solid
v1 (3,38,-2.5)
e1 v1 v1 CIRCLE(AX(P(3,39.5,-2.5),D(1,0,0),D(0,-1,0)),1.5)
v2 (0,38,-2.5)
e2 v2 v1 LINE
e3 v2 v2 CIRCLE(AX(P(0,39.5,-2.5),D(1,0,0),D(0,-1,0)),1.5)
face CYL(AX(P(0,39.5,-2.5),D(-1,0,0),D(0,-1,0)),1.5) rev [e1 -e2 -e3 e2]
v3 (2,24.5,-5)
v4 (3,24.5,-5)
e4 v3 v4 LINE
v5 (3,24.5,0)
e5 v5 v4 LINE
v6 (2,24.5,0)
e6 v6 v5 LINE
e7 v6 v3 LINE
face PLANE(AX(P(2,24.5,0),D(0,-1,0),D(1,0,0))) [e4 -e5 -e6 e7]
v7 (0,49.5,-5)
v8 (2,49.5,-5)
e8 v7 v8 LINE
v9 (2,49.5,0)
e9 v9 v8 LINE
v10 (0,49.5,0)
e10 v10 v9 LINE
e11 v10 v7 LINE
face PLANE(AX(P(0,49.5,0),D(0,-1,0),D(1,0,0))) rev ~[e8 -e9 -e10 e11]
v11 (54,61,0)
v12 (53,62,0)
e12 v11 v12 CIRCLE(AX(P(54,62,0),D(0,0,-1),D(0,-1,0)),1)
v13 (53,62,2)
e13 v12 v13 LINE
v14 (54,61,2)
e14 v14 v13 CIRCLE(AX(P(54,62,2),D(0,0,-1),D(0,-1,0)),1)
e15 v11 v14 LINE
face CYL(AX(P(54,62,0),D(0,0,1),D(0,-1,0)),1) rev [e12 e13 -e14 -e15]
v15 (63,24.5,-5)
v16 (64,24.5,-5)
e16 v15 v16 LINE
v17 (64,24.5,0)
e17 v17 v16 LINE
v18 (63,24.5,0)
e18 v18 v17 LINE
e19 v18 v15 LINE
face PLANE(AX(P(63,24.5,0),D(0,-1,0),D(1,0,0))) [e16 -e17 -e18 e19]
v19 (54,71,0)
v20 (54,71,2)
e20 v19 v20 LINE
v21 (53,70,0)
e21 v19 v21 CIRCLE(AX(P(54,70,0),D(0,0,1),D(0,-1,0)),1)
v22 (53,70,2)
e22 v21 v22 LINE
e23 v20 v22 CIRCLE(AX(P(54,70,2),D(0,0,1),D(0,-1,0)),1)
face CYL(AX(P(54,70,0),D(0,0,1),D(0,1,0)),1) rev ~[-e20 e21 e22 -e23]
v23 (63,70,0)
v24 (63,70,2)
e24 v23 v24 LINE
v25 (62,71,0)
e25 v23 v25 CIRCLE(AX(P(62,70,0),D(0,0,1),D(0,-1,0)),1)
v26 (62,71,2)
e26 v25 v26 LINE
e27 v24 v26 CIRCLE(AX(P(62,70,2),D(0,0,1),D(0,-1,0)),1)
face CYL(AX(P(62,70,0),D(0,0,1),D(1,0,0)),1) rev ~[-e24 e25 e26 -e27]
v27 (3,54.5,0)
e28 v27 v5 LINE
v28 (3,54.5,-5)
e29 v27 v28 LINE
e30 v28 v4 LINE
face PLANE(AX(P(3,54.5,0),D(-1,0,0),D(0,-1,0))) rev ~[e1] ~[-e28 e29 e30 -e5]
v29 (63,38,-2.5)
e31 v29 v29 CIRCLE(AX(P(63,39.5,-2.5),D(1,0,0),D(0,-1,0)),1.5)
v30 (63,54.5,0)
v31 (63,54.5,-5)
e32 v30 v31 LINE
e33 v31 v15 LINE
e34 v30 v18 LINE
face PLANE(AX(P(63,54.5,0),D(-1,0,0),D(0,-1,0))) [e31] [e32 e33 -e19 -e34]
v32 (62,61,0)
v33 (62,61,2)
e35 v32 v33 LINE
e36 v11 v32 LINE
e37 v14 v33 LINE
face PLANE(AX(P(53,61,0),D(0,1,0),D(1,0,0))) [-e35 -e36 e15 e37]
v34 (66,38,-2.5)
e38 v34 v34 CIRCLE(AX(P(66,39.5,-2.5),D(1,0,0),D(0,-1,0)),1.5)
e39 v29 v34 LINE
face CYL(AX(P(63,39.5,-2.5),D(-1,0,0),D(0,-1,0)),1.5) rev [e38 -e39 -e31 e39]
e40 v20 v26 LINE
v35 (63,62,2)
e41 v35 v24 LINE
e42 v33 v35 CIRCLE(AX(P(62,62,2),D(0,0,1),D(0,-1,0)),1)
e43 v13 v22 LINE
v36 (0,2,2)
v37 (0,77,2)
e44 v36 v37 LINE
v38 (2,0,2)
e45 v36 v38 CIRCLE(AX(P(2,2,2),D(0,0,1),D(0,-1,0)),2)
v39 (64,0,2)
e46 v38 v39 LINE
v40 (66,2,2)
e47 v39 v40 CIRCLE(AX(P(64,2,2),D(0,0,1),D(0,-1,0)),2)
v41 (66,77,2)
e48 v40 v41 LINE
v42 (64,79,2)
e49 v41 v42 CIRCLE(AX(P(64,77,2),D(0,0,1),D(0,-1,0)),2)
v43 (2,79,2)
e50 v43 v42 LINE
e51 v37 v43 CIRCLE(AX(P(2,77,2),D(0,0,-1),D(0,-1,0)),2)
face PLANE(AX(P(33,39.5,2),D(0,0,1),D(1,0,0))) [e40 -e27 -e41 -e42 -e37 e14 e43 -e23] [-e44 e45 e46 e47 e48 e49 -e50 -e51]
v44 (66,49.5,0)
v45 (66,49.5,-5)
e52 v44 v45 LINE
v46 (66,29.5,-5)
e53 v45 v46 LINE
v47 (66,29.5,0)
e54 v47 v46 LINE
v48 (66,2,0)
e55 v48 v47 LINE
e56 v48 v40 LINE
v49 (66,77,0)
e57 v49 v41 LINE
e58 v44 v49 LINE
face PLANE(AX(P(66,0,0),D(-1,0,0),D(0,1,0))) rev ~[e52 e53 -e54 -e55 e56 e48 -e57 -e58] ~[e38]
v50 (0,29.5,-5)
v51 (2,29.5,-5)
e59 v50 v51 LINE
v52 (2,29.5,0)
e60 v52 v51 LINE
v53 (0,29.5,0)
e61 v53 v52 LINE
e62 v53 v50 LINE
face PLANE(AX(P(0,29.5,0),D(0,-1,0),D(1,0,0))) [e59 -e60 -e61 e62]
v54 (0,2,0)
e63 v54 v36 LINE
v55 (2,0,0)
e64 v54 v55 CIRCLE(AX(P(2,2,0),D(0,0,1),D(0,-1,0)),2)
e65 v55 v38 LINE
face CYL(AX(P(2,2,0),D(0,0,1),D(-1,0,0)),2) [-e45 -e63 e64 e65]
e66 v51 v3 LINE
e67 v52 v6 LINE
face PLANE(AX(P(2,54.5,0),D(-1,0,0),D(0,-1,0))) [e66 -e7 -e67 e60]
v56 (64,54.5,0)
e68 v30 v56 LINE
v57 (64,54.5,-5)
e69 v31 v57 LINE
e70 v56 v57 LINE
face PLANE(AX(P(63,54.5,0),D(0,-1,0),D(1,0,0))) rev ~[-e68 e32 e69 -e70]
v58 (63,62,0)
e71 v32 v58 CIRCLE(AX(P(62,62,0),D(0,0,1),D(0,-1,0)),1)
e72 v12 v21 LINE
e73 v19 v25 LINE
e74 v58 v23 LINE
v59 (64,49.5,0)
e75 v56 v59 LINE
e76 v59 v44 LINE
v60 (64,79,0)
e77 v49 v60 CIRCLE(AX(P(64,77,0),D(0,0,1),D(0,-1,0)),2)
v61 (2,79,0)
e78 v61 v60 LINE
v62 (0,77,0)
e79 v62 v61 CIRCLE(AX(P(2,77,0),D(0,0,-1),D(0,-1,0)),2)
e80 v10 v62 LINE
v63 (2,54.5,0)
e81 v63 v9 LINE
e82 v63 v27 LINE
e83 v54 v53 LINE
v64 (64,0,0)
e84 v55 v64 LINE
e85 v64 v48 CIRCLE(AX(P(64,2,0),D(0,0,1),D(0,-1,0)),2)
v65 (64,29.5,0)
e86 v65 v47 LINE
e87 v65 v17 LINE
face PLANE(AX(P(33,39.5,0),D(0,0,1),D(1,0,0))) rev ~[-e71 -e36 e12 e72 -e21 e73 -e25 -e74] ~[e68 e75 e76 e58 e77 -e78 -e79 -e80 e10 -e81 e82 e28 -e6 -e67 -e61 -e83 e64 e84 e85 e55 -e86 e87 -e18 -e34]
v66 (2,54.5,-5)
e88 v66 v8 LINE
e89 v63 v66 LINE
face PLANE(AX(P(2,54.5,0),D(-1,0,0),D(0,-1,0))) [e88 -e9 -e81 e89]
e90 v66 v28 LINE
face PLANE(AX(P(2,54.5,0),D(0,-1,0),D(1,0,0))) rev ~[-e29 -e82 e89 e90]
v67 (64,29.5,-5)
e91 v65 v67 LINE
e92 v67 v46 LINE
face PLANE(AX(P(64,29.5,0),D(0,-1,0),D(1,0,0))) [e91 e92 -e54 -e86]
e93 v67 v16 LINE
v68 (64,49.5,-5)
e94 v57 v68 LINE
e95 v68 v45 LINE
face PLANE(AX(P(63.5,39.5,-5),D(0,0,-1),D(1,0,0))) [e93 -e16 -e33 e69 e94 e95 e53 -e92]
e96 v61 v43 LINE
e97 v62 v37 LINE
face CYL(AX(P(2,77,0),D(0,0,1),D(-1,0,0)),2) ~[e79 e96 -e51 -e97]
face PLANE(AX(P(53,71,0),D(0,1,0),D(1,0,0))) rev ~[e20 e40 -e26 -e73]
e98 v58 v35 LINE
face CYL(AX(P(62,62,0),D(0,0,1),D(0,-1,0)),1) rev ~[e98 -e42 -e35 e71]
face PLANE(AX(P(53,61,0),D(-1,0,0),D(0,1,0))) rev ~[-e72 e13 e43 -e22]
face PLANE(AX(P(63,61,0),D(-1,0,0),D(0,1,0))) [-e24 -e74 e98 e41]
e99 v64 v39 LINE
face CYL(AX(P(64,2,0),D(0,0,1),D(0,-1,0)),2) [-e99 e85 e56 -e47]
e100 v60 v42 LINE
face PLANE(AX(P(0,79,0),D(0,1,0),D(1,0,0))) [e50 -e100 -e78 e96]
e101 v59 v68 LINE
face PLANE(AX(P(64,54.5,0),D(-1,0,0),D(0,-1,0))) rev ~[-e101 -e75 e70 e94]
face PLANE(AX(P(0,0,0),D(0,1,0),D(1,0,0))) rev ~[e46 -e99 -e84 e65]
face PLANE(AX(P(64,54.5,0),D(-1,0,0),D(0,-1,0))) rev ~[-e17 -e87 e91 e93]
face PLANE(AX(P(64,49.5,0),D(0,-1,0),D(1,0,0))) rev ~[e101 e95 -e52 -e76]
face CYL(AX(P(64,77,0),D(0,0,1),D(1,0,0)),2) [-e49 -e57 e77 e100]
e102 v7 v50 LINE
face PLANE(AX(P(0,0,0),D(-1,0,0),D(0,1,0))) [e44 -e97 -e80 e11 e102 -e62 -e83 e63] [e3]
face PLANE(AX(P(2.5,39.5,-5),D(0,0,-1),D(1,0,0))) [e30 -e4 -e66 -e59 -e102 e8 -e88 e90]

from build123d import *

# Parameters (mm, degrees)
BOX_W                  = 66
BOX_H                  = 79
BOX_DEPTH              = 2
FILLET_R               = 2
BOX001_W               = 10
BOX001_H               = 10
BOX001_DEPTH           = 2
FILLET001_R            = 1
BOX002_W               = 2
BOX002_H               = 20
BOX002_DEPTH           = 5
LINEARPATTERN_COUNT    = 2
LINEARPATTERN_PITCH    = 64
BOX003_W               = 1
BOX003_H               = 30
BOX003_DEPTH           = 5
LINEARPATTERN001_COUNT = 2
LINEARPATTERN001_PITCH = 61
CYLINDER_R             = 1.5
CYLINDER_DEPTH         = 3
LINEARPATTERN002_COUNT = 2
LINEARPATTERN002_PITCH = 63


with BuildPart() as part:
    # Box → Box (join)
    with BuildSketch(Plane.XY):
        with Locations((33, 39.5)):
            Rectangle(BOX_W, BOX_H)
    extrude(amount=BOX_DEPTH)

    # Fillet
    fillet_edges = [part.edges().sort_by_distance(p)[0] for p in [
        (0, 0, 1),
        (66, 0, 1),
        (66, 79, 1),
        (0, 79, 1),
    ]]
    fillet(fillet_edges, radius=FILLET_R)

    # Box001 → Box001 (cut)
    with BuildSketch(Plane(origin=(53, 61, 0), x_dir=(1, 0, 0), z_dir=(0, 0, 1))):
        with Locations((5, 5)):
            Rectangle(BOX001_W, BOX001_H)
    extrude(amount=BOX001_DEPTH, mode=Mode.SUBTRACT)

    # Fillet001
    fillet001_edges = [part.edges().sort_by_distance(p)[0] for p in [
        (53, 71, 1),
        (63, 71, 1),
        (53, 61, 1),
        (63, 61, 1),
    ]]
    fillet(fillet001_edges, radius=FILLET001_R)

    # Box002 → Box002 (join)
    with BuildSketch(Plane(origin=(64, 49.5, 0), x_dir=(1, 0, 0), z_dir=(0, 0, -1))):
        with Locations((1, 10)):
            Rectangle(BOX002_W, BOX002_H)
    box002 = extrude(amount=BOX002_DEPTH)

    # LinearPattern: Box002 ×2
    with Locations(*[(-i * LINEARPATTERN_PITCH, 0, 0) for i in range(1, LINEARPATTERN_COUNT)]):
        add(box002)

    # Box003 → Box003 (join)
    with BuildSketch(Plane(origin=(63, 54.5, 0), x_dir=(1, 0, 0), z_dir=(0, 0, -1))):
        with Locations((0.5, 15)):
            Rectangle(BOX003_W, BOX003_H)
    box003 = extrude(amount=BOX003_DEPTH)

    # LinearPattern001: Box003 ×2
    with Locations(*[(-i * LINEARPATTERN001_PITCH, 0, 0) for i in range(1, LINEARPATTERN001_COUNT)]):
        add(box003)

    # Cylinder → Cylinder (cut)
    with BuildSketch(Plane(origin=(63, 39.5, -2.5), x_dir=(0, -1, 0), z_dir=(1, 0, 0))):
        Circle(CYLINDER_R)
    cylinder = extrude(amount=CYLINDER_DEPTH, mode=Mode.SUBTRACT)

    # LinearPattern002: Cylinder ×2
    with Locations(*[(-i * LINEARPATTERN002_PITCH, 0, 0) for i in range(1, LINEARPATTERN002_COUNT)]):
        add(cylinder, mode=Mode.SUBTRACT)


solid = part.part
